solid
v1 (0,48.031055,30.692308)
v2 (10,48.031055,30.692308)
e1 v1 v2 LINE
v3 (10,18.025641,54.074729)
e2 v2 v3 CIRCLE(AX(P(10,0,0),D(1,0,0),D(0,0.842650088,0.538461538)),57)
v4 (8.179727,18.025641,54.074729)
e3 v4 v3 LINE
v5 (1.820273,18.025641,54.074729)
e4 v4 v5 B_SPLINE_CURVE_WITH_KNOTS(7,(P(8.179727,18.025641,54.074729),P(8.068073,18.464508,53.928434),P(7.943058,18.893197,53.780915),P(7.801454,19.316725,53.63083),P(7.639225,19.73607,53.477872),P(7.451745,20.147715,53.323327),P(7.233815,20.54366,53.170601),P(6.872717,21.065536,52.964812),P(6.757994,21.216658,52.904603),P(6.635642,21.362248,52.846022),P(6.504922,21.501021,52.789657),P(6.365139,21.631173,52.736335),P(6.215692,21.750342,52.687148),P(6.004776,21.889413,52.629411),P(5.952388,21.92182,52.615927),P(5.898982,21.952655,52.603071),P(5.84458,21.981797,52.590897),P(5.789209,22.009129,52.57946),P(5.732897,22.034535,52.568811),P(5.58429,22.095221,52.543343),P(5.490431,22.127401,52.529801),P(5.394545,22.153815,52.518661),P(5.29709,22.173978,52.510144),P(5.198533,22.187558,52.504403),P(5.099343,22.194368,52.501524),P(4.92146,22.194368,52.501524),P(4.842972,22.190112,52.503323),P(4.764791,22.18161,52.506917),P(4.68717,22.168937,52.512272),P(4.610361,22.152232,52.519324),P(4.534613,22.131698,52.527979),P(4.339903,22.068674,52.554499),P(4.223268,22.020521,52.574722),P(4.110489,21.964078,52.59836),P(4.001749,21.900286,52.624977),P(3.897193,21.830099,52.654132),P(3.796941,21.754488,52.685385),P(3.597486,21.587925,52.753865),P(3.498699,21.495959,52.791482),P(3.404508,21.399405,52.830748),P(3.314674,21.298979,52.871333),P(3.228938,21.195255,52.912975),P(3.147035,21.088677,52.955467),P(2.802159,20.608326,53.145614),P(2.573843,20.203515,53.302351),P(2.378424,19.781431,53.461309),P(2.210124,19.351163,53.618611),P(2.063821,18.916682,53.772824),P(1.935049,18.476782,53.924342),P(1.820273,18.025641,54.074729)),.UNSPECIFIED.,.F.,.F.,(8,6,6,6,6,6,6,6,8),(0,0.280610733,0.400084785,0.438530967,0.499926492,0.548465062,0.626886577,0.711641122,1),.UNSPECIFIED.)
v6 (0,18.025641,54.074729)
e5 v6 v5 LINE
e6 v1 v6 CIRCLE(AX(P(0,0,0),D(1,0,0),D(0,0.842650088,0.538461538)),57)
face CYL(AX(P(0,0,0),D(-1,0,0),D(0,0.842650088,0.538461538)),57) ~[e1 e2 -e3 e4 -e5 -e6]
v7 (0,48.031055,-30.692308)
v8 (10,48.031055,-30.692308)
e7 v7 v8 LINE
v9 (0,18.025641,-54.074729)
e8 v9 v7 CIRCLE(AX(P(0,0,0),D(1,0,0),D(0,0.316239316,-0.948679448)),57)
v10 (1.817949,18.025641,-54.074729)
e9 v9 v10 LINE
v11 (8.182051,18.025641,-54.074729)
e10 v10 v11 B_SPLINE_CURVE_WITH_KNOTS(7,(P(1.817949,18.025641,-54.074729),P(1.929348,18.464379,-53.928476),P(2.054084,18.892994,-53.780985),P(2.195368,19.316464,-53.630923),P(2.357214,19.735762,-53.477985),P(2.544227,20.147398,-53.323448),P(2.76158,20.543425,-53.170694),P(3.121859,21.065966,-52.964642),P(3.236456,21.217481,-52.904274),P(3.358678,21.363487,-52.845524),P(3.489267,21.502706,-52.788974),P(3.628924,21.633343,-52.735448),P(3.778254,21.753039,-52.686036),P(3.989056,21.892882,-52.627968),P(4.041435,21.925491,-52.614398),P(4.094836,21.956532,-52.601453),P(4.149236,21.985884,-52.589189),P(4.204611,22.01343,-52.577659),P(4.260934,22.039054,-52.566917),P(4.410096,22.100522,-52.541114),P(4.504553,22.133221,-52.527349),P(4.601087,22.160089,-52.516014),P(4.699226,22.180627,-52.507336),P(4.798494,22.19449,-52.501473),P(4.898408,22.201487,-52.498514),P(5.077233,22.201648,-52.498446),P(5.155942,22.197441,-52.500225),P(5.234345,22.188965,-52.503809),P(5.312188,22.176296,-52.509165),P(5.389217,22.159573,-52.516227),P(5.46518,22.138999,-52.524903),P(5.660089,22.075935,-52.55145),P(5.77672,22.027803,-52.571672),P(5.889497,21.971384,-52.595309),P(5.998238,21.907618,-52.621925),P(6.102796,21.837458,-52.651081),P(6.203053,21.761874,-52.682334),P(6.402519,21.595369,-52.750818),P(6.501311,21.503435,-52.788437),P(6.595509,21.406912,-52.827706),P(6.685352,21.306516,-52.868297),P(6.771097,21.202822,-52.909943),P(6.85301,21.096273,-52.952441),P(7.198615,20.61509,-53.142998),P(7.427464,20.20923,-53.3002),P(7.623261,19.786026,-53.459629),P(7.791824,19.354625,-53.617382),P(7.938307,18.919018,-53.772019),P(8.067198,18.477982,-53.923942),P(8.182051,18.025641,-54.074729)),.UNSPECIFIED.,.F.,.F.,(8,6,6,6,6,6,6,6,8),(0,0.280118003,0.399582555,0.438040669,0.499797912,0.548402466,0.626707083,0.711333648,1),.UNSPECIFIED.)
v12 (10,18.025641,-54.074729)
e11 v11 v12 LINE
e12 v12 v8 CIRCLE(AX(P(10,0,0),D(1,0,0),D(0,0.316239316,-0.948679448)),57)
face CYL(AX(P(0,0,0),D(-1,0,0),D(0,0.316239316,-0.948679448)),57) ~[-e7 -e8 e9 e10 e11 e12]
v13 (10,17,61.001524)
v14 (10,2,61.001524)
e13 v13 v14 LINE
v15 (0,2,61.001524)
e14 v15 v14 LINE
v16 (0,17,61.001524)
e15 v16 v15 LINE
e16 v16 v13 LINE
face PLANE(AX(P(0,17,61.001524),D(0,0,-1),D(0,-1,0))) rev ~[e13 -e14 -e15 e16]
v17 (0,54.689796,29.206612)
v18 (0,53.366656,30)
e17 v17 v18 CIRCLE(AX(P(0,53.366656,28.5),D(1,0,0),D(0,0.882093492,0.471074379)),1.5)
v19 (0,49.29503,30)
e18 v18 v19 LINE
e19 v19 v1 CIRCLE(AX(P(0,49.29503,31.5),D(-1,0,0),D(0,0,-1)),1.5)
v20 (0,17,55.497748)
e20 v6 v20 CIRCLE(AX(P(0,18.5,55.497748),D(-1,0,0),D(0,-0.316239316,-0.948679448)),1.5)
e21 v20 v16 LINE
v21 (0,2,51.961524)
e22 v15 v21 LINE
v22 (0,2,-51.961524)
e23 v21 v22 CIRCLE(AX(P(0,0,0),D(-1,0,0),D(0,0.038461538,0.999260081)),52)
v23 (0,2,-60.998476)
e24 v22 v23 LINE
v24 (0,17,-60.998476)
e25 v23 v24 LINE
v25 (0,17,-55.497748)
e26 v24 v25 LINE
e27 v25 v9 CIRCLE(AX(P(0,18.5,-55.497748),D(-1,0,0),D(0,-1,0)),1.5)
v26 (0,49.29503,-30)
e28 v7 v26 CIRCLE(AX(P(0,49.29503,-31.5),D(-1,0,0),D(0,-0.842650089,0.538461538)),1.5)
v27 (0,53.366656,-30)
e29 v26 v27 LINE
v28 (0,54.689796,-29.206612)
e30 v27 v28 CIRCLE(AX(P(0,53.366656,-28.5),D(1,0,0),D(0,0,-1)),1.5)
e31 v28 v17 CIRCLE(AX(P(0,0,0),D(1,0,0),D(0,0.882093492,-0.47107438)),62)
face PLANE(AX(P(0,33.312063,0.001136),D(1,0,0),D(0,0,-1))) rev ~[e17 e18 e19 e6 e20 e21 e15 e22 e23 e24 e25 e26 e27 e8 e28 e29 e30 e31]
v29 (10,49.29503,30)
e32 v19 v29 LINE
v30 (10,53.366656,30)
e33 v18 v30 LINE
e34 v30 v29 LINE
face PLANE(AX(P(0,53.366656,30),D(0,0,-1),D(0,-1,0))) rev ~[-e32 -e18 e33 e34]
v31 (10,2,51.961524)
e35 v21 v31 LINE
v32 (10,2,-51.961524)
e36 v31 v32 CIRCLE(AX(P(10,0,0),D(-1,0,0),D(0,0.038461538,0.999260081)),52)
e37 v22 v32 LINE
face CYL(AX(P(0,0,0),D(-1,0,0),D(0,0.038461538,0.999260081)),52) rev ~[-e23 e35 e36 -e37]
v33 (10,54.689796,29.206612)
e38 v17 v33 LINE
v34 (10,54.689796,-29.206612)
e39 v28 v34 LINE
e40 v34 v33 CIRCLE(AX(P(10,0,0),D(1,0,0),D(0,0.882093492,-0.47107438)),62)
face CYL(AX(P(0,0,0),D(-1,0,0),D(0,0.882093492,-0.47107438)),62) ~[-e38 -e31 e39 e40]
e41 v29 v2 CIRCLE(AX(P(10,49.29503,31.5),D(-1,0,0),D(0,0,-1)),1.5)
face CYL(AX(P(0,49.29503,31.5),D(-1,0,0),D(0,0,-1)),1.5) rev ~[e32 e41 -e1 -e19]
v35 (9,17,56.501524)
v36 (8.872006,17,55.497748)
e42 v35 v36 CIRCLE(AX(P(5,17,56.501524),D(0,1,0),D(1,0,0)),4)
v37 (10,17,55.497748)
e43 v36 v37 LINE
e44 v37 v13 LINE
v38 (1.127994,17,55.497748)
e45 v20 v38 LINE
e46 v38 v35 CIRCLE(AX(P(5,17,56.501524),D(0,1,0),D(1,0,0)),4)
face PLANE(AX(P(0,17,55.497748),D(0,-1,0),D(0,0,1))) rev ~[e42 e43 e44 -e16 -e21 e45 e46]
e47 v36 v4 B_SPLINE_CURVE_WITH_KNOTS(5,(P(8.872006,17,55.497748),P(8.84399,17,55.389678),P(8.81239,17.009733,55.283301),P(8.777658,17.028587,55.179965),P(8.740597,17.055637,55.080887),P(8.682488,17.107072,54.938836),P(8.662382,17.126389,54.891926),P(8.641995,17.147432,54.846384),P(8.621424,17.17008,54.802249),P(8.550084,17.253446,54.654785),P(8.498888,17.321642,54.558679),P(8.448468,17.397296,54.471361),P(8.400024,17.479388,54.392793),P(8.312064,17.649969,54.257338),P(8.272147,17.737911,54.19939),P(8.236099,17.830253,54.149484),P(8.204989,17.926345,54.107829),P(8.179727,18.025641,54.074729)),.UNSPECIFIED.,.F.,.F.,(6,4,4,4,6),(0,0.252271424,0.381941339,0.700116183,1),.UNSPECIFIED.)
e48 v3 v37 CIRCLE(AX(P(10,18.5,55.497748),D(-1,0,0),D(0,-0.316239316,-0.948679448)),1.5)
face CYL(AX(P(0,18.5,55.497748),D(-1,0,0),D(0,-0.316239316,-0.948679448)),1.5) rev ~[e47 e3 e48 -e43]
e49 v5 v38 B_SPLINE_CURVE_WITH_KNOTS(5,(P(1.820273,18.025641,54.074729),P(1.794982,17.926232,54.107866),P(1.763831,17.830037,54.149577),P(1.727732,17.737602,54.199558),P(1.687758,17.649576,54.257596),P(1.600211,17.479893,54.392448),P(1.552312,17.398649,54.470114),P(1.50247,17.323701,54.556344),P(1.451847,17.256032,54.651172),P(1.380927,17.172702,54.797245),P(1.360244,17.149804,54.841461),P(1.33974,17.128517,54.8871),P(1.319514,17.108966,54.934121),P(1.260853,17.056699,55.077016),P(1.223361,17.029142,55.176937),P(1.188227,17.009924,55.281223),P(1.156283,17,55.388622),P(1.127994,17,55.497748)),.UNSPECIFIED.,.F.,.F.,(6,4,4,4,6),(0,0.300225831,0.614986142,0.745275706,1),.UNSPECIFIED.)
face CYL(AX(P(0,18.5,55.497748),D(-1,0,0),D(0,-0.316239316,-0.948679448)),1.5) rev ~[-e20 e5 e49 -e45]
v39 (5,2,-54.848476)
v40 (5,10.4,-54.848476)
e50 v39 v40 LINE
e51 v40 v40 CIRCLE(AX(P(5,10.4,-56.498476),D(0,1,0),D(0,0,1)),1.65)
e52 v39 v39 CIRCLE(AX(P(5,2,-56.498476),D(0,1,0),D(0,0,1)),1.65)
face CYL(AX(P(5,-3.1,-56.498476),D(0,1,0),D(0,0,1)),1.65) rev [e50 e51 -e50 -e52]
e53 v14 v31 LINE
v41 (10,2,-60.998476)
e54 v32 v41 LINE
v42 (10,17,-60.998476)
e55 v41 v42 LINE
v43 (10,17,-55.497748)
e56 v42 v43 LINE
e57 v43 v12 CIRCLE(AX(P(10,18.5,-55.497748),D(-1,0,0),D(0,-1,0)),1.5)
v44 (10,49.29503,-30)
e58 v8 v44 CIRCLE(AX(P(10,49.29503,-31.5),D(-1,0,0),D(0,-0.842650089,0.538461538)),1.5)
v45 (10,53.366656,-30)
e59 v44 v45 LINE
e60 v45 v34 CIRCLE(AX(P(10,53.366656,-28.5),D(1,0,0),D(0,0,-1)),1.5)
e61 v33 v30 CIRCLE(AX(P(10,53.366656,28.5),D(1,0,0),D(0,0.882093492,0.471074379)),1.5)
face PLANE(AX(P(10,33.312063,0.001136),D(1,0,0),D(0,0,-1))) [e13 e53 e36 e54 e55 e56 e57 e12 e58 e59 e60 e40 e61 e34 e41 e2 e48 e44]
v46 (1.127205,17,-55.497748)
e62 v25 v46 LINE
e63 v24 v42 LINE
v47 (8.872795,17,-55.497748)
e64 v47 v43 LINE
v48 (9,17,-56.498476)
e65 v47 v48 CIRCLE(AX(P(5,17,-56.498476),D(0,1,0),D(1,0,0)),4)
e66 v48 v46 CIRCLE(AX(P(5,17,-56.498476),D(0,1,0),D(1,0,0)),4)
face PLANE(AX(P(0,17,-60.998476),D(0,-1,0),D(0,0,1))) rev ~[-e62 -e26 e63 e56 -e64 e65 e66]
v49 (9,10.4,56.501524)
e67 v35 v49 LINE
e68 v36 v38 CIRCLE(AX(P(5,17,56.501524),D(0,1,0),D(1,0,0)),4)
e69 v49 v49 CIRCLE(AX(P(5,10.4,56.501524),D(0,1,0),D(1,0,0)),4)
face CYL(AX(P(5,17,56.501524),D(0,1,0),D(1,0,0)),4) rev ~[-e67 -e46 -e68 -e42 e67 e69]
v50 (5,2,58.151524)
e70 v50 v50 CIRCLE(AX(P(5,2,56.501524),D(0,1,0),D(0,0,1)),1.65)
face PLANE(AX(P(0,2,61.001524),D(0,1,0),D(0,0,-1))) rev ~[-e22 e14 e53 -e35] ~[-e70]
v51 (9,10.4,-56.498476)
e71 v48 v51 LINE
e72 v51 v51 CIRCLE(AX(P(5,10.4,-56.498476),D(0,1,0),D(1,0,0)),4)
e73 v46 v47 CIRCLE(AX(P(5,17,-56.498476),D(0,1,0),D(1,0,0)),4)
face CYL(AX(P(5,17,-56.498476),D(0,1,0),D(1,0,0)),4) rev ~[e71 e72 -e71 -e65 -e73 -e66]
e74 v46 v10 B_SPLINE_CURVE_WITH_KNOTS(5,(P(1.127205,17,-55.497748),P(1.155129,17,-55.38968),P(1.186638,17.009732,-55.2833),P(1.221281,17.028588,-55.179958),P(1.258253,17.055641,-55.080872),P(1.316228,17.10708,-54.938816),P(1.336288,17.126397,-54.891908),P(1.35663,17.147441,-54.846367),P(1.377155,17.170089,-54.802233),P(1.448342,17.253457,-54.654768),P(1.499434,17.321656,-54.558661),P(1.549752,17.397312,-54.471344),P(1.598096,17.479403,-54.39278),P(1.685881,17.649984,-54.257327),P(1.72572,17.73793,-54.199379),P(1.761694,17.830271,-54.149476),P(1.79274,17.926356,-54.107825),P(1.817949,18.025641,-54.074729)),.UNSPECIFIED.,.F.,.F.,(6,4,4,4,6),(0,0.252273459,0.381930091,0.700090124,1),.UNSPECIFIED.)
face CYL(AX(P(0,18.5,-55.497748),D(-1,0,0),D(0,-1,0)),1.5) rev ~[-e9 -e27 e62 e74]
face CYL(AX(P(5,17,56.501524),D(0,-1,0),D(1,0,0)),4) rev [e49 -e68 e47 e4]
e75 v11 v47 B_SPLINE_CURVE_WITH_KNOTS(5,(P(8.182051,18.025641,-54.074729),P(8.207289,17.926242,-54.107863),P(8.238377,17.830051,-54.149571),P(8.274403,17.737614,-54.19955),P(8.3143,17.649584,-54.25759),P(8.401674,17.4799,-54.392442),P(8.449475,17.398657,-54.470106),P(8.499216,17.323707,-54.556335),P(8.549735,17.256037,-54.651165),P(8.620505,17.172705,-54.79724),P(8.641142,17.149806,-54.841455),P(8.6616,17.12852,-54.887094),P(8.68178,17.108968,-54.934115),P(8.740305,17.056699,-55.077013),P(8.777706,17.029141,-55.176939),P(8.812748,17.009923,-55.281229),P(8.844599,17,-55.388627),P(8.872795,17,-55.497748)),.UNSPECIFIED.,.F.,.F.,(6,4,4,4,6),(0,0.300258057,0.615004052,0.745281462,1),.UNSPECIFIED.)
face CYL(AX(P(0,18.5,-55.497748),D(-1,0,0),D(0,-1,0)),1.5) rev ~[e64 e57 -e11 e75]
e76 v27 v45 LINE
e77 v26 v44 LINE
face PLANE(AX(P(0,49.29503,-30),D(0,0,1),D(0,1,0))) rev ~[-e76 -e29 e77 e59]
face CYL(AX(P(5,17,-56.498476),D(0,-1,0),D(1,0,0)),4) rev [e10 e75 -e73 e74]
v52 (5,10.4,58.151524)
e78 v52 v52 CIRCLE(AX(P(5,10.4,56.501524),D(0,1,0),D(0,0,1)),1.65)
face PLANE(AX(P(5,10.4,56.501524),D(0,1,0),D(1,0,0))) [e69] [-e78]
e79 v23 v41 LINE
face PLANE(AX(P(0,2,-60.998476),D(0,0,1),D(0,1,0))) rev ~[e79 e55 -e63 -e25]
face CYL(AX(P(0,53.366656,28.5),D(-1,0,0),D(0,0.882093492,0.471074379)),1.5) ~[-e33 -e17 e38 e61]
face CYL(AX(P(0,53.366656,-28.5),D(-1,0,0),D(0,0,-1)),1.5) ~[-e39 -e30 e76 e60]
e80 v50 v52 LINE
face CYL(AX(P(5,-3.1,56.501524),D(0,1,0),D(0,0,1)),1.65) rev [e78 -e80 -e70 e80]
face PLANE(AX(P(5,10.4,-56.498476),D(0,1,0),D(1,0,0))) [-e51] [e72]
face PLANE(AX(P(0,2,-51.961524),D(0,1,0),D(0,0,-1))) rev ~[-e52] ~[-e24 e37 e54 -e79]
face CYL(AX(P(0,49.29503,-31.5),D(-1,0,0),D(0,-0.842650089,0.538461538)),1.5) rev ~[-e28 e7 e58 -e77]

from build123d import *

# Parameters (mm, degrees)
BOSS_EXTRUDE1_DEPTH        = 10
M4_TAPPED_HOLE1_AT_2_COUNT = 2
M4_TAPPED_HOLE1_AT_2_PITCH = 113
SKETCH7_R                  = 4
CUT_EXTRUDE1_DEPTH         = 10
CUT_EXTRUDE1_DEPTH_BACK    = 6.6


with BuildPart() as part:
    # Sketch1 → Boss-Extrude1 (new body)
    with BuildSketch(Plane(origin=(0, 0, 0), x_dir=(0, 0, -1), z_dir=(1, 0, 0))):
        with BuildLine():
            Line((-30, 53.366656257), (-30, 49.295030175))
            ThreePointArc((-30, 49.295030175), (-30.184412971, 48.574453483), (-30.692307692, 48.031055043))
            ThreePointArc((-30.692307692, 48.031055043), (-44.960469582, 35.036497755), (-54.07472853, 18.025641026))
            ThreePointArc((-54.07472853, 18.025641026), (-54.620689683, 17.283131383), (-55.497747702, 17))
            Line((-55.497747702, 17), (-61.001524227, 17))
            Line((-61.001524227, 17), (-61.001524227, 2))
            Line((-61.001524227, 2), (-51.961524227, 2))
            ThreePointArc((-51.961524227, 2), (0, 52), (51.961524227, 2))
            Line((51.961524227, 2), (60.998475773, 2))
            Line((60.998475773, 2), (60.998475773, 17))
            Line((60.998475773, 17), (55.497747702, 17))
            ThreePointArc((55.497747702, 17), (54.620689683, 17.283131383), (54.07472853, 18.025641026))
            ThreePointArc((54.07472853, 18.025641026), (44.960469582, 35.036497755), (30.692307692, 48.031055043))
            ThreePointArc((30.692307692, 48.031055043), (30.184412971, 48.574453483), (30, 49.295030175))
            Line((30, 49.295030175), (30, 53.366656257))
            ThreePointArc((30, 53.366656257), (29.786451973, 54.138045472), (29.20661157, 54.689796494))
            ThreePointArc((29.20661157, 54.689796494), (0, 62), (-29.20661157, 54.689796494))
            ThreePointArc((-29.20661157, 54.689796494), (-29.786451973, 54.138045472), (-30, 53.366656257))
        make_face()
    extrude(amount=BOSS_EXTRUDE1_DEPTH)

    # Sketch4 → M4 Tapped Hole1 (revolve, cut)
    with BuildSketch(Plane(origin=(5, 17, -56.498475773), x_dir=(0, 0, 1), z_dir=(1, 0, 0))):
        Polygon((0, 0), (0, 21.091420021), (1.65, 20.1), (1.65, 0), align=None)
    m4_tapped_hole1 = revolve(axis=Axis((5, 23.35, -56.498475773), (0, -1, 0)), mode=Mode.SUBTRACT)

    # M4 Tapped Hole1 at 2: M4 Tapped Hole1 ×2
    with Locations(*[(0, 0, i * M4_TAPPED_HOLE1_AT_2_PITCH) for i in range(1, M4_TAPPED_HOLE1_AT_2_COUNT)]):
        add(m4_tapped_hole1, mode=Mode.SUBTRACT)

    # Sketch7 → Cut-Extrude1 (cut, two sides)
    with BuildSketch(Plane(origin=(0, 17, 0), x_dir=(1, 0, 0), z_dir=(0, 1, 0))) as cut_extrude1_sk:
        with Locations((5, 56.498475773)):
            Circle(SKETCH7_R)
        with Locations((5, -56.501524227)):
            Circle(SKETCH7_R)
    extrude(amount=CUT_EXTRUDE1_DEPTH, mode=Mode.SUBTRACT)
    extrude(cut_extrude1_sk.sketch, amount=-CUT_EXTRUDE1_DEPTH_BACK, mode=Mode.SUBTRACT)


solid = part.part
